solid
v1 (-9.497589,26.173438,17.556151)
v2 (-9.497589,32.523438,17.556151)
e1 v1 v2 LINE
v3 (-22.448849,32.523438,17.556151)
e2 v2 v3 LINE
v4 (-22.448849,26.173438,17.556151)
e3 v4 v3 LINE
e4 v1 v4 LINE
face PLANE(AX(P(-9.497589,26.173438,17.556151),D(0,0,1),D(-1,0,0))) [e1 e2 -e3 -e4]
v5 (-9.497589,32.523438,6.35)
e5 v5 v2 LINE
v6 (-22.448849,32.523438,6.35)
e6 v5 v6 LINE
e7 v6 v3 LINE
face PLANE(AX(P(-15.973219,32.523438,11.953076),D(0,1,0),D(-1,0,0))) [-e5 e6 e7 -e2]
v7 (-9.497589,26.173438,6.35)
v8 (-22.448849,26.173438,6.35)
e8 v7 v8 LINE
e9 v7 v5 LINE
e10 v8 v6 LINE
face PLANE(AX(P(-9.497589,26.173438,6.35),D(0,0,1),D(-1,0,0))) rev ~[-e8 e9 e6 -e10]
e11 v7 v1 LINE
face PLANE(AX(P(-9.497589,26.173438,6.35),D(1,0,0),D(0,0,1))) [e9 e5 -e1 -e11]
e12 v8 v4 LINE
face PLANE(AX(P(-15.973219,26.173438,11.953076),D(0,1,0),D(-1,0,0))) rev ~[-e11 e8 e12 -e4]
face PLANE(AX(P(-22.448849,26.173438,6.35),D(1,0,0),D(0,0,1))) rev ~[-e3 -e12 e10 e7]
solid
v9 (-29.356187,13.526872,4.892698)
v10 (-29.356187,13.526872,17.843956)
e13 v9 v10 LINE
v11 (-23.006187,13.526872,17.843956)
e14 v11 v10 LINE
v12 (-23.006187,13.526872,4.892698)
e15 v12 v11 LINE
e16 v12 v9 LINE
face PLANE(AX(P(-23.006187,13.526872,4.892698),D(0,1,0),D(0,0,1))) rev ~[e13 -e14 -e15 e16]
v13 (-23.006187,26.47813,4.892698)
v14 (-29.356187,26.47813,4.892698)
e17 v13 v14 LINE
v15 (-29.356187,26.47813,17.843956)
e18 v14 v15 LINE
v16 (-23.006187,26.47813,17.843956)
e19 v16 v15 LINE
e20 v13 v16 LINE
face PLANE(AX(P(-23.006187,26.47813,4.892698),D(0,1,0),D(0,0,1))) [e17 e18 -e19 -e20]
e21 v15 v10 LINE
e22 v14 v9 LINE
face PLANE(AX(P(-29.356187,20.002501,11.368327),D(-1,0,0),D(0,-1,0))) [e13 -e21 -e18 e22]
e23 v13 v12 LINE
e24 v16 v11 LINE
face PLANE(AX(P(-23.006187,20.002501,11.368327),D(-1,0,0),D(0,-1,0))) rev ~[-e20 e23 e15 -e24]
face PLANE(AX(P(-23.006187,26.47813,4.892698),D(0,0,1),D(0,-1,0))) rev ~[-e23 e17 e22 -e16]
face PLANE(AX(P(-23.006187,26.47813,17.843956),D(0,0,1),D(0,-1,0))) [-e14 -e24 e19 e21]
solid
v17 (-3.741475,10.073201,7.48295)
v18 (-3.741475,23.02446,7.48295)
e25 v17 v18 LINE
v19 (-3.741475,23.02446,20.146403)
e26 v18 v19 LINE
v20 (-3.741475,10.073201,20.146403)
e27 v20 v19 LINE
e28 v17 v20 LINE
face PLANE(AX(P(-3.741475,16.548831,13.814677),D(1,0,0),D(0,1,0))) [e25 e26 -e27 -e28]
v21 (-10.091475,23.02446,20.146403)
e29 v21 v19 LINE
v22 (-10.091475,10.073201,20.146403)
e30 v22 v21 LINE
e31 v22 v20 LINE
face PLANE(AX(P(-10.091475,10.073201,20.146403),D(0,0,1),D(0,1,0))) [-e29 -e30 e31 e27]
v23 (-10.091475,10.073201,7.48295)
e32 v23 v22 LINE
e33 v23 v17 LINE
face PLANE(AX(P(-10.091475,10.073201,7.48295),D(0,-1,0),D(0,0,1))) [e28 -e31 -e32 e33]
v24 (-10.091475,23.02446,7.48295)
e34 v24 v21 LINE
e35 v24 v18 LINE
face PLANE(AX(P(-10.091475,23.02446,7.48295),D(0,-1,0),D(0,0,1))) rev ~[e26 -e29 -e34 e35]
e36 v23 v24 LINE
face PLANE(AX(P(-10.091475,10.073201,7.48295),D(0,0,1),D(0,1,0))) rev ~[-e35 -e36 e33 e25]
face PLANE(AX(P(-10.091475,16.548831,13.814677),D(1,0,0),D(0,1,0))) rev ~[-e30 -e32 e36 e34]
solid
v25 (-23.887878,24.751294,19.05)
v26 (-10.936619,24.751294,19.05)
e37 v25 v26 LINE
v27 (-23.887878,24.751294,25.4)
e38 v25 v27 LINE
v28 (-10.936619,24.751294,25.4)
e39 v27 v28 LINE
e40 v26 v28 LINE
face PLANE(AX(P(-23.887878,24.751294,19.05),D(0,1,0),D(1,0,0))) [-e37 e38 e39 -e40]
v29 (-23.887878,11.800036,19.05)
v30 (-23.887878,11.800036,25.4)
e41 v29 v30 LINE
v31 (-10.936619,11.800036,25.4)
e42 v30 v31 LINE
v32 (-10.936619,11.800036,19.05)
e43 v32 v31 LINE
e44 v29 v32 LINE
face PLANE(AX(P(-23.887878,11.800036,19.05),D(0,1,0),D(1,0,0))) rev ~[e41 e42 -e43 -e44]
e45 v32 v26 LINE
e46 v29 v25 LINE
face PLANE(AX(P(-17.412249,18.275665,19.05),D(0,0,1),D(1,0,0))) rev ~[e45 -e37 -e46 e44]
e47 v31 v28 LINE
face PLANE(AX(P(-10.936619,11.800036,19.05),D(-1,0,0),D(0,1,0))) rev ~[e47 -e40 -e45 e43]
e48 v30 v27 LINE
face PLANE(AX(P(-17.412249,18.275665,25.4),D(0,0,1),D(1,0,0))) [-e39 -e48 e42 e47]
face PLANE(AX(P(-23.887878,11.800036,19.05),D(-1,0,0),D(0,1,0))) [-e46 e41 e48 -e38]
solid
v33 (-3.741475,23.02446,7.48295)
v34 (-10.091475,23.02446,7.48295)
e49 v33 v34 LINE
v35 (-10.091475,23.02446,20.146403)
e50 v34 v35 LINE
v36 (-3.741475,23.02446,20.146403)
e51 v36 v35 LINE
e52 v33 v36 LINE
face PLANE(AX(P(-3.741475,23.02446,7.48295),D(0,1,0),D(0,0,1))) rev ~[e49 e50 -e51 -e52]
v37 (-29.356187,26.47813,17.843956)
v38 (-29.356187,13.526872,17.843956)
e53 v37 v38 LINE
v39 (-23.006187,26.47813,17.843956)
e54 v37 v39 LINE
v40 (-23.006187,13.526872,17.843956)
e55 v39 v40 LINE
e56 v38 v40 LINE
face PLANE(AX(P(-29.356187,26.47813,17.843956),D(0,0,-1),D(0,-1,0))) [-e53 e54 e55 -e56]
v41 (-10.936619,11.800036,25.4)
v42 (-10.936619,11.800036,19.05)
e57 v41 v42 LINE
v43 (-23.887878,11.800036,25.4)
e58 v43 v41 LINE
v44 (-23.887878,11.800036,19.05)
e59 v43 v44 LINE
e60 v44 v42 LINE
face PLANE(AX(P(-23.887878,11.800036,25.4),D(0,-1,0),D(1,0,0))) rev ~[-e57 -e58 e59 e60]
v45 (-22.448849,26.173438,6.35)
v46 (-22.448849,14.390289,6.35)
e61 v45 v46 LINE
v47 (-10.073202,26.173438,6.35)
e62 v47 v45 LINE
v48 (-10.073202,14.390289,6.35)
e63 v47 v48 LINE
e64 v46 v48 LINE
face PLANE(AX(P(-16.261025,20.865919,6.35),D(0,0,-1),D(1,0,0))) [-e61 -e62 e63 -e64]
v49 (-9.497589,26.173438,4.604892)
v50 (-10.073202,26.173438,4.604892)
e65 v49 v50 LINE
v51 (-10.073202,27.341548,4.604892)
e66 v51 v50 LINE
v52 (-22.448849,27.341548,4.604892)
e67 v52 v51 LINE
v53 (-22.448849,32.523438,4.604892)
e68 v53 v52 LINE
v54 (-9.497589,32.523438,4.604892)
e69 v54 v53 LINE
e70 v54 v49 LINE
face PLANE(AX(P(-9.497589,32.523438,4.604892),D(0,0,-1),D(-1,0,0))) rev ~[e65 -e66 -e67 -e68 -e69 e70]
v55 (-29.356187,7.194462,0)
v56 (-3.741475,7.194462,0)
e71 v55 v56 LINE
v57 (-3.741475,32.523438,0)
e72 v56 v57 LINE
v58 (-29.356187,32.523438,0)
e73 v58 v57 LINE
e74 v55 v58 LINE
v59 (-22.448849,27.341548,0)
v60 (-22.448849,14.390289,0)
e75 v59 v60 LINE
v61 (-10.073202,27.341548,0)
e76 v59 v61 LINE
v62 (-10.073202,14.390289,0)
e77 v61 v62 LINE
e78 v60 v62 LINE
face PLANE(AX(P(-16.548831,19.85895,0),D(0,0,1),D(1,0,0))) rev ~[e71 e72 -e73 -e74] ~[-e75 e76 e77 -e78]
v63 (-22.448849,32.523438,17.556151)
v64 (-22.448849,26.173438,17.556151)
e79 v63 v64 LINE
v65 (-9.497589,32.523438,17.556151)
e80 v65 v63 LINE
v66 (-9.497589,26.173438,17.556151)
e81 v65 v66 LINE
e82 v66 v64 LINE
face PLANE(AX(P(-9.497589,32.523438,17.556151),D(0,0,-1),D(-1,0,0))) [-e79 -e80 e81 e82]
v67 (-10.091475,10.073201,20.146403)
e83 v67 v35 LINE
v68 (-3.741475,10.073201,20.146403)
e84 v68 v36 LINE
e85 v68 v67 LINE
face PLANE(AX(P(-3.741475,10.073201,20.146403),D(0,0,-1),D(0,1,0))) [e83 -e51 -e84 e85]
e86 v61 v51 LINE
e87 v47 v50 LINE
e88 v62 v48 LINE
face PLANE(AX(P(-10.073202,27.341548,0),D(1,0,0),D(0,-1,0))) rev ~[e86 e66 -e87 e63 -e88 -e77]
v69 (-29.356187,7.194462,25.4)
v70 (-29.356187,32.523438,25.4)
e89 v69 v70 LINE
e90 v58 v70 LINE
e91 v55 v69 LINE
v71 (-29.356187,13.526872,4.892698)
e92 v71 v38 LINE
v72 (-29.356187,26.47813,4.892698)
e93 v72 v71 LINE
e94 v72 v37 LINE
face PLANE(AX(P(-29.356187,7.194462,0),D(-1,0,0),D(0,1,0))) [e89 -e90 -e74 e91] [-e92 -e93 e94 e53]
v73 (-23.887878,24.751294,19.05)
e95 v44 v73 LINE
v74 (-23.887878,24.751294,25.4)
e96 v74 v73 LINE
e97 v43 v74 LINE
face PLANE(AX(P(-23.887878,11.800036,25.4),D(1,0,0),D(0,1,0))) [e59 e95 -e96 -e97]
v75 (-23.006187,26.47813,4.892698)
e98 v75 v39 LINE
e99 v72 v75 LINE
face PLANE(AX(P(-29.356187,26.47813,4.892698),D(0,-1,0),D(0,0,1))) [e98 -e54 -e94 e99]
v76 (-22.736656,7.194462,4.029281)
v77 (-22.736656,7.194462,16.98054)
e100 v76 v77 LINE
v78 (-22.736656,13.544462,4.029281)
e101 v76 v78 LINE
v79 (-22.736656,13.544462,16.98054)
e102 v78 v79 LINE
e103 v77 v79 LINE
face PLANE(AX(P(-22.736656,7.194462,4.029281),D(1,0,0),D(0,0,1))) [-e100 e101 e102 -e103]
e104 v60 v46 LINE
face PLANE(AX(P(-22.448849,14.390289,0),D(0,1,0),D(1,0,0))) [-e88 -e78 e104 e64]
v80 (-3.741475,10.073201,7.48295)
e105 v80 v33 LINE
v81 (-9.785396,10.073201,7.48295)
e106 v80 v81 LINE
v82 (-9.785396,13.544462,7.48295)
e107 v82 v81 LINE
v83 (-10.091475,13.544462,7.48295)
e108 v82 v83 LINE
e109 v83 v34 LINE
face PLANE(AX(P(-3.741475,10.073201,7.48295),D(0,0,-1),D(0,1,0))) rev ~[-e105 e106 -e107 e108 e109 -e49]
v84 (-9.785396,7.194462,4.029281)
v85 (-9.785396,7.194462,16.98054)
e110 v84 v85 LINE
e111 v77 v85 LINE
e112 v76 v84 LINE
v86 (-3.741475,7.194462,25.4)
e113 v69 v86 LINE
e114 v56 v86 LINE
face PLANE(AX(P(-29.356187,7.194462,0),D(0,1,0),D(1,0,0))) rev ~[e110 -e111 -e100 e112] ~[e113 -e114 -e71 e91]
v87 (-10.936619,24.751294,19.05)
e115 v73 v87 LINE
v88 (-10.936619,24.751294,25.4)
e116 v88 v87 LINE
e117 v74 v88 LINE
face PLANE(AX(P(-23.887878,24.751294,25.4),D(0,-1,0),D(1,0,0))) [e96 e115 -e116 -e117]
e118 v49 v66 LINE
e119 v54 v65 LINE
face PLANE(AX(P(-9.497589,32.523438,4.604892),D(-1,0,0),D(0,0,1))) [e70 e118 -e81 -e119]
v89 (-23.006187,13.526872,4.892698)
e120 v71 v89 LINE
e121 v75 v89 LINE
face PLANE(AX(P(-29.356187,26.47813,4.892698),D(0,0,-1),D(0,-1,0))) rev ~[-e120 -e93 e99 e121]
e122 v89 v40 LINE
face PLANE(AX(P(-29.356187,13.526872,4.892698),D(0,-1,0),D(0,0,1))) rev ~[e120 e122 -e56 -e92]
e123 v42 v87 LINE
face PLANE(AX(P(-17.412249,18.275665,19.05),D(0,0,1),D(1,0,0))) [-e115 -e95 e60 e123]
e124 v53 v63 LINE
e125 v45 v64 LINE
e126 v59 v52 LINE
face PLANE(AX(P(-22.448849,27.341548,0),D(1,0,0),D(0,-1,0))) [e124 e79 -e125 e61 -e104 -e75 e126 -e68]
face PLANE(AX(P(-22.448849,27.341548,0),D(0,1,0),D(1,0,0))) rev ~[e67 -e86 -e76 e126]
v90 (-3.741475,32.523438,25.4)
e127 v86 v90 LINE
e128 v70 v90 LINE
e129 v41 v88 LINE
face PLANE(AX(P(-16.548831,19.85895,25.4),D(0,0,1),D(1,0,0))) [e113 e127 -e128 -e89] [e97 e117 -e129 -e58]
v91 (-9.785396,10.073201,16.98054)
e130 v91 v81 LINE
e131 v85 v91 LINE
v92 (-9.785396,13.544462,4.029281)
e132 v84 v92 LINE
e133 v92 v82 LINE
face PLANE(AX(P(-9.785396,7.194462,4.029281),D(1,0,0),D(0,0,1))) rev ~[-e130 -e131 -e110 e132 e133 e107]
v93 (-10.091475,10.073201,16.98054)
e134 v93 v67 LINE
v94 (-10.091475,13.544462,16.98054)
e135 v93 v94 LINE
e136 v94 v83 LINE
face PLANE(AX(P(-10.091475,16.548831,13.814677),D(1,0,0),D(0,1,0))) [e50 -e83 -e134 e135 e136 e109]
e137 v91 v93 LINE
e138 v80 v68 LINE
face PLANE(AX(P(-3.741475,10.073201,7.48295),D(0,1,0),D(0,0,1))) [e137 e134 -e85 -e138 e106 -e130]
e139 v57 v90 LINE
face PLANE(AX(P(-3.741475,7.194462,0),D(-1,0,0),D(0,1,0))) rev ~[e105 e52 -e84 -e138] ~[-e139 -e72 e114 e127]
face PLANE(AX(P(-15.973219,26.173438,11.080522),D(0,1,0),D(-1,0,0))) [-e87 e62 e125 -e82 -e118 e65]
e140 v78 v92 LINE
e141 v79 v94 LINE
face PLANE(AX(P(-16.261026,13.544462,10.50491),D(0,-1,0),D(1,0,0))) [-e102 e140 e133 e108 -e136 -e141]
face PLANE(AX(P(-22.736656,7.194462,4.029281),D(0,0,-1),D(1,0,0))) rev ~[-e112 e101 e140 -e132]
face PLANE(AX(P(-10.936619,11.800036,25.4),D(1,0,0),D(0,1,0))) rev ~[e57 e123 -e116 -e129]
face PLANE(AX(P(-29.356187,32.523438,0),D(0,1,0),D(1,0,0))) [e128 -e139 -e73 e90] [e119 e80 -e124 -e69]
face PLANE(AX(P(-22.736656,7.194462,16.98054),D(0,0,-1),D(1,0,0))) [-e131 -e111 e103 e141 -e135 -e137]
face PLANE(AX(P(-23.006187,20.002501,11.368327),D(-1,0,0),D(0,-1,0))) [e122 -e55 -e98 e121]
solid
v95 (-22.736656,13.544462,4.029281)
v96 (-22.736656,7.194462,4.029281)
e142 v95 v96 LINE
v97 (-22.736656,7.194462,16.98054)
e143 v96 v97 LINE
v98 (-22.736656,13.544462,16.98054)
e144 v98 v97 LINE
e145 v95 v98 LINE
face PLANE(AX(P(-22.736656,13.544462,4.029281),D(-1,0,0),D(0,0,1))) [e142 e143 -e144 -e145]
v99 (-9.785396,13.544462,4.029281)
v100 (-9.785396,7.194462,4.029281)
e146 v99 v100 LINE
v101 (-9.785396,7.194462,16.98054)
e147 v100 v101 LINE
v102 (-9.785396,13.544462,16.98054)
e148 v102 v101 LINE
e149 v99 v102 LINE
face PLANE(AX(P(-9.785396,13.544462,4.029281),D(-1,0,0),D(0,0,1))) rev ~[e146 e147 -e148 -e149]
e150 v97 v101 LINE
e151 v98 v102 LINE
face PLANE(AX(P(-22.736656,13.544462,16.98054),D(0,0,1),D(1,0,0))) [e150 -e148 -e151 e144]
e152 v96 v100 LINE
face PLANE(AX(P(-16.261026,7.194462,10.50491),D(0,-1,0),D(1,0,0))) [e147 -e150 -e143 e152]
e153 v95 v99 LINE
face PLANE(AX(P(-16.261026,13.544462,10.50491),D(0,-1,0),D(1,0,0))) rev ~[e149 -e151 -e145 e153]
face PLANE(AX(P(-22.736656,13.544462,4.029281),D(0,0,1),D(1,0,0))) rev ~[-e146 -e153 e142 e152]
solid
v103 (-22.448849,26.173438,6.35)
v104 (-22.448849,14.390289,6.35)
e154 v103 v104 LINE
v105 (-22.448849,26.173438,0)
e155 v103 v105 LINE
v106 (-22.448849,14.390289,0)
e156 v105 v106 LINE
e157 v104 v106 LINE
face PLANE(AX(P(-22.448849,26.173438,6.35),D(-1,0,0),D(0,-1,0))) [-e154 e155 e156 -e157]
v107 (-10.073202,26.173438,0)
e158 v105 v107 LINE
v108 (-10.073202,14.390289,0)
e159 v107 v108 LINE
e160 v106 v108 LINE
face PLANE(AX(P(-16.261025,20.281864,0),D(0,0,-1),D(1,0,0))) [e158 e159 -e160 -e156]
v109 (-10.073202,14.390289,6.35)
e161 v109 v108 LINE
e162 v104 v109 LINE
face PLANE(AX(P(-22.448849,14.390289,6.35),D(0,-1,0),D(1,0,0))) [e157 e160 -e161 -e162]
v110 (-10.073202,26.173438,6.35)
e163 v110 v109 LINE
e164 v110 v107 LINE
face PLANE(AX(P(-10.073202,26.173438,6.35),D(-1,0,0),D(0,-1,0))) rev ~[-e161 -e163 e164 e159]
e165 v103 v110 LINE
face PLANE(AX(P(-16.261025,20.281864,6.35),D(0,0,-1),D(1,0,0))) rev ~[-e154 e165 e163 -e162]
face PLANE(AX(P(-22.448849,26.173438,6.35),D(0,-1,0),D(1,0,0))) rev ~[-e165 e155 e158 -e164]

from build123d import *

# Parameters (mm, degrees)
F0_W      = 25.6147121545
F0_H      = 25.3289761022
F1_DEPTH  = 25.4
F2_W      = 12.9512595013
F2_H      = 12.6634538174
F3_DEPTH  = 6.35
F4_W      = 12.95125857
F4_H      = 12.9512581043
F5_DEPTH  = 6.35
F6_W      = 12.9512595013
F6_H      = 12.95125857
F7_DEPTH  = 6.35
F8_W      = 12.9512595013
F8_H      = 12.9512590356
F9_DEPTH  = 6.35
F10_W     = 12.9512595013
F10_H     = 12.9512595013
F11_DEPTH = 6.35
F12_W     = 12.3756472021
F12_H     = 12.9512595013
F13_DEPTH = 6.35
F14_W     = 12.9512595013
F14_H     = 12.95125857
F15_DEPTH = 6.35
F16_W     = 12.9512595013
F16_H     = 11.2061513752
F17_DEPTH = 6.35
F18_W     = 12.95125857
F18_H     = 12.9512581043
F19_DEPTH = 6.35
F20_W     = 12.9512595013
F20_H     = 12.9512595013
F21_DEPTH = 6.35
F22_W     = 12.3756472021
F22_H     = 11.7831494823
F23_DEPTH = 6.35
F24_W     = 12.9512595013
F24_H     = 12.6634538174
F25_DEPTH = 6.35


with BuildPart() as f1:
    # F0 (on Top) → F1 (new body)
    with BuildSketch(Plane.XY):
        with Locations((-16.5488311322, 19.8589502834)):
            Rectangle(F0_W, F0_H)
    extrude(amount=F1_DEPTH)

    # F2 (on face) → F3 (cut)
    with BuildSketch(Plane.YZ.offset(-3.741475055)):
        with Locations((16.5488305502, 13.814676553)):
            Rectangle(F2_W, F2_H)
    extrude(amount=-F3_DEPTH, mode=Mode.SUBTRACT)

    # F4 (on face) → F5 (cut)
    with BuildSketch(Plane(origin=(-29.3561872095, 0, 0), x_dir=(0, -1, 0), z_dir=(-1, 0, 0))):
        with Locations((-20.0025010854, 11.3683270756)):
            Rectangle(F4_W, F4_H)
    extrude(amount=-F5_DEPTH, mode=Mode.SUBTRACT)

    # F6 (on face) → F7 (cut)
    with BuildSketch(Plane.XY.offset(25.4)):
        with Locations((-17.4122485332, 18.2756651193)):
            Rectangle(F6_W, F6_H)
    extrude(amount=-F7_DEPTH, mode=Mode.SUBTRACT)

    # F8 (on face) → F9 (cut)
    with BuildSketch(Plane(origin=(0, 32.5234383345, 0), x_dir=(-1, 0, 0), z_dir=(0, 1, 0))):
        with Locations((15.9732191823, 11.0805218574)):
            Rectangle(F8_W, F8_H)
    extrude(amount=-F9_DEPTH, mode=Mode.SUBTRACT)

    # F10 (on face) → F11 (cut)
    with BuildSketch(Plane.XZ.offset(-7.1944622323)):
        with Locations((-16.2610257976, 10.5049102567)):
            Rectangle(F10_W, F10_H)
    extrude(amount=-F11_DEPTH, mode=Mode.SUBTRACT)

    # F12 (on face) → F13 (cut)
    with BuildSketch(Plane(origin=(0, 0, 0), x_dir=(1, 0, 0), z_dir=(0, 0, -1))):
        with Locations((-16.2610253319, -20.8659186028)):
            Rectangle(F12_W, F12_H)
    extrude(amount=-F13_DEPTH, mode=Mode.SUBTRACT)


with BuildPart() as f15:
    # F14 (on face) → F15 (new body)
    with BuildSketch(Plane.XY.offset(19.05)):
        with Locations((-17.4122485332, 18.2756651193)):
            Rectangle(F14_W, F14_H)
    extrude(amount=F15_DEPTH)


with BuildPart() as f17:
    # F16 (on face) → F17 (new body)
    with BuildSketch(Plane(origin=(0, 26.1734383345, 0), x_dir=(-1, 0, 0), z_dir=(0, 1, 0))):
        with Locations((15.9732191823, 11.9530756876)):
            Rectangle(F16_W, F16_H)
    extrude(amount=F17_DEPTH)


with BuildPart() as f19:
    # F18 (on face) → F19 (new body)
    with BuildSketch(Plane(origin=(-23.0061872095, 0, 0), x_dir=(0, -1, 0), z_dir=(-1, 0, 0))):
        with Locations((-20.0025010854, 11.3683270756)):
            Rectangle(F18_W, F18_H)
    extrude(amount=F19_DEPTH)


with BuildPart() as f21:
    # F20 (on face) → F21 (new body)
    with BuildSketch(Plane.XZ.offset(-13.5444622323)):
        with Locations((-16.2610257976, 10.5049102567)):
            Rectangle(F20_W, F20_H)
    extrude(amount=F21_DEPTH)


with BuildPart() as f23:
    # F22 (on face) → F23 (new body)
    with BuildSketch(Plane(origin=(0, 0, 6.35), x_dir=(1, 0, 0), z_dir=(0, 0, -1))):
        with Locations((-16.2610253319, -20.2818635933)):
            Rectangle(F22_W, F22_H)
    extrude(amount=F23_DEPTH)


with BuildPart() as f25:
    # F24 (on face) → F25 (new body)
    with BuildSketch(Plane.YZ.offset(-10.091475055)):
        with Locations((16.5488305502, 13.814676553)):
            Rectangle(F24_W, F24_H)
    extrude(amount=F25_DEPTH)


solid = Compound([f1.part, f15.part, f17.part, f19.part, f21.part, f23.part, f25.part])
